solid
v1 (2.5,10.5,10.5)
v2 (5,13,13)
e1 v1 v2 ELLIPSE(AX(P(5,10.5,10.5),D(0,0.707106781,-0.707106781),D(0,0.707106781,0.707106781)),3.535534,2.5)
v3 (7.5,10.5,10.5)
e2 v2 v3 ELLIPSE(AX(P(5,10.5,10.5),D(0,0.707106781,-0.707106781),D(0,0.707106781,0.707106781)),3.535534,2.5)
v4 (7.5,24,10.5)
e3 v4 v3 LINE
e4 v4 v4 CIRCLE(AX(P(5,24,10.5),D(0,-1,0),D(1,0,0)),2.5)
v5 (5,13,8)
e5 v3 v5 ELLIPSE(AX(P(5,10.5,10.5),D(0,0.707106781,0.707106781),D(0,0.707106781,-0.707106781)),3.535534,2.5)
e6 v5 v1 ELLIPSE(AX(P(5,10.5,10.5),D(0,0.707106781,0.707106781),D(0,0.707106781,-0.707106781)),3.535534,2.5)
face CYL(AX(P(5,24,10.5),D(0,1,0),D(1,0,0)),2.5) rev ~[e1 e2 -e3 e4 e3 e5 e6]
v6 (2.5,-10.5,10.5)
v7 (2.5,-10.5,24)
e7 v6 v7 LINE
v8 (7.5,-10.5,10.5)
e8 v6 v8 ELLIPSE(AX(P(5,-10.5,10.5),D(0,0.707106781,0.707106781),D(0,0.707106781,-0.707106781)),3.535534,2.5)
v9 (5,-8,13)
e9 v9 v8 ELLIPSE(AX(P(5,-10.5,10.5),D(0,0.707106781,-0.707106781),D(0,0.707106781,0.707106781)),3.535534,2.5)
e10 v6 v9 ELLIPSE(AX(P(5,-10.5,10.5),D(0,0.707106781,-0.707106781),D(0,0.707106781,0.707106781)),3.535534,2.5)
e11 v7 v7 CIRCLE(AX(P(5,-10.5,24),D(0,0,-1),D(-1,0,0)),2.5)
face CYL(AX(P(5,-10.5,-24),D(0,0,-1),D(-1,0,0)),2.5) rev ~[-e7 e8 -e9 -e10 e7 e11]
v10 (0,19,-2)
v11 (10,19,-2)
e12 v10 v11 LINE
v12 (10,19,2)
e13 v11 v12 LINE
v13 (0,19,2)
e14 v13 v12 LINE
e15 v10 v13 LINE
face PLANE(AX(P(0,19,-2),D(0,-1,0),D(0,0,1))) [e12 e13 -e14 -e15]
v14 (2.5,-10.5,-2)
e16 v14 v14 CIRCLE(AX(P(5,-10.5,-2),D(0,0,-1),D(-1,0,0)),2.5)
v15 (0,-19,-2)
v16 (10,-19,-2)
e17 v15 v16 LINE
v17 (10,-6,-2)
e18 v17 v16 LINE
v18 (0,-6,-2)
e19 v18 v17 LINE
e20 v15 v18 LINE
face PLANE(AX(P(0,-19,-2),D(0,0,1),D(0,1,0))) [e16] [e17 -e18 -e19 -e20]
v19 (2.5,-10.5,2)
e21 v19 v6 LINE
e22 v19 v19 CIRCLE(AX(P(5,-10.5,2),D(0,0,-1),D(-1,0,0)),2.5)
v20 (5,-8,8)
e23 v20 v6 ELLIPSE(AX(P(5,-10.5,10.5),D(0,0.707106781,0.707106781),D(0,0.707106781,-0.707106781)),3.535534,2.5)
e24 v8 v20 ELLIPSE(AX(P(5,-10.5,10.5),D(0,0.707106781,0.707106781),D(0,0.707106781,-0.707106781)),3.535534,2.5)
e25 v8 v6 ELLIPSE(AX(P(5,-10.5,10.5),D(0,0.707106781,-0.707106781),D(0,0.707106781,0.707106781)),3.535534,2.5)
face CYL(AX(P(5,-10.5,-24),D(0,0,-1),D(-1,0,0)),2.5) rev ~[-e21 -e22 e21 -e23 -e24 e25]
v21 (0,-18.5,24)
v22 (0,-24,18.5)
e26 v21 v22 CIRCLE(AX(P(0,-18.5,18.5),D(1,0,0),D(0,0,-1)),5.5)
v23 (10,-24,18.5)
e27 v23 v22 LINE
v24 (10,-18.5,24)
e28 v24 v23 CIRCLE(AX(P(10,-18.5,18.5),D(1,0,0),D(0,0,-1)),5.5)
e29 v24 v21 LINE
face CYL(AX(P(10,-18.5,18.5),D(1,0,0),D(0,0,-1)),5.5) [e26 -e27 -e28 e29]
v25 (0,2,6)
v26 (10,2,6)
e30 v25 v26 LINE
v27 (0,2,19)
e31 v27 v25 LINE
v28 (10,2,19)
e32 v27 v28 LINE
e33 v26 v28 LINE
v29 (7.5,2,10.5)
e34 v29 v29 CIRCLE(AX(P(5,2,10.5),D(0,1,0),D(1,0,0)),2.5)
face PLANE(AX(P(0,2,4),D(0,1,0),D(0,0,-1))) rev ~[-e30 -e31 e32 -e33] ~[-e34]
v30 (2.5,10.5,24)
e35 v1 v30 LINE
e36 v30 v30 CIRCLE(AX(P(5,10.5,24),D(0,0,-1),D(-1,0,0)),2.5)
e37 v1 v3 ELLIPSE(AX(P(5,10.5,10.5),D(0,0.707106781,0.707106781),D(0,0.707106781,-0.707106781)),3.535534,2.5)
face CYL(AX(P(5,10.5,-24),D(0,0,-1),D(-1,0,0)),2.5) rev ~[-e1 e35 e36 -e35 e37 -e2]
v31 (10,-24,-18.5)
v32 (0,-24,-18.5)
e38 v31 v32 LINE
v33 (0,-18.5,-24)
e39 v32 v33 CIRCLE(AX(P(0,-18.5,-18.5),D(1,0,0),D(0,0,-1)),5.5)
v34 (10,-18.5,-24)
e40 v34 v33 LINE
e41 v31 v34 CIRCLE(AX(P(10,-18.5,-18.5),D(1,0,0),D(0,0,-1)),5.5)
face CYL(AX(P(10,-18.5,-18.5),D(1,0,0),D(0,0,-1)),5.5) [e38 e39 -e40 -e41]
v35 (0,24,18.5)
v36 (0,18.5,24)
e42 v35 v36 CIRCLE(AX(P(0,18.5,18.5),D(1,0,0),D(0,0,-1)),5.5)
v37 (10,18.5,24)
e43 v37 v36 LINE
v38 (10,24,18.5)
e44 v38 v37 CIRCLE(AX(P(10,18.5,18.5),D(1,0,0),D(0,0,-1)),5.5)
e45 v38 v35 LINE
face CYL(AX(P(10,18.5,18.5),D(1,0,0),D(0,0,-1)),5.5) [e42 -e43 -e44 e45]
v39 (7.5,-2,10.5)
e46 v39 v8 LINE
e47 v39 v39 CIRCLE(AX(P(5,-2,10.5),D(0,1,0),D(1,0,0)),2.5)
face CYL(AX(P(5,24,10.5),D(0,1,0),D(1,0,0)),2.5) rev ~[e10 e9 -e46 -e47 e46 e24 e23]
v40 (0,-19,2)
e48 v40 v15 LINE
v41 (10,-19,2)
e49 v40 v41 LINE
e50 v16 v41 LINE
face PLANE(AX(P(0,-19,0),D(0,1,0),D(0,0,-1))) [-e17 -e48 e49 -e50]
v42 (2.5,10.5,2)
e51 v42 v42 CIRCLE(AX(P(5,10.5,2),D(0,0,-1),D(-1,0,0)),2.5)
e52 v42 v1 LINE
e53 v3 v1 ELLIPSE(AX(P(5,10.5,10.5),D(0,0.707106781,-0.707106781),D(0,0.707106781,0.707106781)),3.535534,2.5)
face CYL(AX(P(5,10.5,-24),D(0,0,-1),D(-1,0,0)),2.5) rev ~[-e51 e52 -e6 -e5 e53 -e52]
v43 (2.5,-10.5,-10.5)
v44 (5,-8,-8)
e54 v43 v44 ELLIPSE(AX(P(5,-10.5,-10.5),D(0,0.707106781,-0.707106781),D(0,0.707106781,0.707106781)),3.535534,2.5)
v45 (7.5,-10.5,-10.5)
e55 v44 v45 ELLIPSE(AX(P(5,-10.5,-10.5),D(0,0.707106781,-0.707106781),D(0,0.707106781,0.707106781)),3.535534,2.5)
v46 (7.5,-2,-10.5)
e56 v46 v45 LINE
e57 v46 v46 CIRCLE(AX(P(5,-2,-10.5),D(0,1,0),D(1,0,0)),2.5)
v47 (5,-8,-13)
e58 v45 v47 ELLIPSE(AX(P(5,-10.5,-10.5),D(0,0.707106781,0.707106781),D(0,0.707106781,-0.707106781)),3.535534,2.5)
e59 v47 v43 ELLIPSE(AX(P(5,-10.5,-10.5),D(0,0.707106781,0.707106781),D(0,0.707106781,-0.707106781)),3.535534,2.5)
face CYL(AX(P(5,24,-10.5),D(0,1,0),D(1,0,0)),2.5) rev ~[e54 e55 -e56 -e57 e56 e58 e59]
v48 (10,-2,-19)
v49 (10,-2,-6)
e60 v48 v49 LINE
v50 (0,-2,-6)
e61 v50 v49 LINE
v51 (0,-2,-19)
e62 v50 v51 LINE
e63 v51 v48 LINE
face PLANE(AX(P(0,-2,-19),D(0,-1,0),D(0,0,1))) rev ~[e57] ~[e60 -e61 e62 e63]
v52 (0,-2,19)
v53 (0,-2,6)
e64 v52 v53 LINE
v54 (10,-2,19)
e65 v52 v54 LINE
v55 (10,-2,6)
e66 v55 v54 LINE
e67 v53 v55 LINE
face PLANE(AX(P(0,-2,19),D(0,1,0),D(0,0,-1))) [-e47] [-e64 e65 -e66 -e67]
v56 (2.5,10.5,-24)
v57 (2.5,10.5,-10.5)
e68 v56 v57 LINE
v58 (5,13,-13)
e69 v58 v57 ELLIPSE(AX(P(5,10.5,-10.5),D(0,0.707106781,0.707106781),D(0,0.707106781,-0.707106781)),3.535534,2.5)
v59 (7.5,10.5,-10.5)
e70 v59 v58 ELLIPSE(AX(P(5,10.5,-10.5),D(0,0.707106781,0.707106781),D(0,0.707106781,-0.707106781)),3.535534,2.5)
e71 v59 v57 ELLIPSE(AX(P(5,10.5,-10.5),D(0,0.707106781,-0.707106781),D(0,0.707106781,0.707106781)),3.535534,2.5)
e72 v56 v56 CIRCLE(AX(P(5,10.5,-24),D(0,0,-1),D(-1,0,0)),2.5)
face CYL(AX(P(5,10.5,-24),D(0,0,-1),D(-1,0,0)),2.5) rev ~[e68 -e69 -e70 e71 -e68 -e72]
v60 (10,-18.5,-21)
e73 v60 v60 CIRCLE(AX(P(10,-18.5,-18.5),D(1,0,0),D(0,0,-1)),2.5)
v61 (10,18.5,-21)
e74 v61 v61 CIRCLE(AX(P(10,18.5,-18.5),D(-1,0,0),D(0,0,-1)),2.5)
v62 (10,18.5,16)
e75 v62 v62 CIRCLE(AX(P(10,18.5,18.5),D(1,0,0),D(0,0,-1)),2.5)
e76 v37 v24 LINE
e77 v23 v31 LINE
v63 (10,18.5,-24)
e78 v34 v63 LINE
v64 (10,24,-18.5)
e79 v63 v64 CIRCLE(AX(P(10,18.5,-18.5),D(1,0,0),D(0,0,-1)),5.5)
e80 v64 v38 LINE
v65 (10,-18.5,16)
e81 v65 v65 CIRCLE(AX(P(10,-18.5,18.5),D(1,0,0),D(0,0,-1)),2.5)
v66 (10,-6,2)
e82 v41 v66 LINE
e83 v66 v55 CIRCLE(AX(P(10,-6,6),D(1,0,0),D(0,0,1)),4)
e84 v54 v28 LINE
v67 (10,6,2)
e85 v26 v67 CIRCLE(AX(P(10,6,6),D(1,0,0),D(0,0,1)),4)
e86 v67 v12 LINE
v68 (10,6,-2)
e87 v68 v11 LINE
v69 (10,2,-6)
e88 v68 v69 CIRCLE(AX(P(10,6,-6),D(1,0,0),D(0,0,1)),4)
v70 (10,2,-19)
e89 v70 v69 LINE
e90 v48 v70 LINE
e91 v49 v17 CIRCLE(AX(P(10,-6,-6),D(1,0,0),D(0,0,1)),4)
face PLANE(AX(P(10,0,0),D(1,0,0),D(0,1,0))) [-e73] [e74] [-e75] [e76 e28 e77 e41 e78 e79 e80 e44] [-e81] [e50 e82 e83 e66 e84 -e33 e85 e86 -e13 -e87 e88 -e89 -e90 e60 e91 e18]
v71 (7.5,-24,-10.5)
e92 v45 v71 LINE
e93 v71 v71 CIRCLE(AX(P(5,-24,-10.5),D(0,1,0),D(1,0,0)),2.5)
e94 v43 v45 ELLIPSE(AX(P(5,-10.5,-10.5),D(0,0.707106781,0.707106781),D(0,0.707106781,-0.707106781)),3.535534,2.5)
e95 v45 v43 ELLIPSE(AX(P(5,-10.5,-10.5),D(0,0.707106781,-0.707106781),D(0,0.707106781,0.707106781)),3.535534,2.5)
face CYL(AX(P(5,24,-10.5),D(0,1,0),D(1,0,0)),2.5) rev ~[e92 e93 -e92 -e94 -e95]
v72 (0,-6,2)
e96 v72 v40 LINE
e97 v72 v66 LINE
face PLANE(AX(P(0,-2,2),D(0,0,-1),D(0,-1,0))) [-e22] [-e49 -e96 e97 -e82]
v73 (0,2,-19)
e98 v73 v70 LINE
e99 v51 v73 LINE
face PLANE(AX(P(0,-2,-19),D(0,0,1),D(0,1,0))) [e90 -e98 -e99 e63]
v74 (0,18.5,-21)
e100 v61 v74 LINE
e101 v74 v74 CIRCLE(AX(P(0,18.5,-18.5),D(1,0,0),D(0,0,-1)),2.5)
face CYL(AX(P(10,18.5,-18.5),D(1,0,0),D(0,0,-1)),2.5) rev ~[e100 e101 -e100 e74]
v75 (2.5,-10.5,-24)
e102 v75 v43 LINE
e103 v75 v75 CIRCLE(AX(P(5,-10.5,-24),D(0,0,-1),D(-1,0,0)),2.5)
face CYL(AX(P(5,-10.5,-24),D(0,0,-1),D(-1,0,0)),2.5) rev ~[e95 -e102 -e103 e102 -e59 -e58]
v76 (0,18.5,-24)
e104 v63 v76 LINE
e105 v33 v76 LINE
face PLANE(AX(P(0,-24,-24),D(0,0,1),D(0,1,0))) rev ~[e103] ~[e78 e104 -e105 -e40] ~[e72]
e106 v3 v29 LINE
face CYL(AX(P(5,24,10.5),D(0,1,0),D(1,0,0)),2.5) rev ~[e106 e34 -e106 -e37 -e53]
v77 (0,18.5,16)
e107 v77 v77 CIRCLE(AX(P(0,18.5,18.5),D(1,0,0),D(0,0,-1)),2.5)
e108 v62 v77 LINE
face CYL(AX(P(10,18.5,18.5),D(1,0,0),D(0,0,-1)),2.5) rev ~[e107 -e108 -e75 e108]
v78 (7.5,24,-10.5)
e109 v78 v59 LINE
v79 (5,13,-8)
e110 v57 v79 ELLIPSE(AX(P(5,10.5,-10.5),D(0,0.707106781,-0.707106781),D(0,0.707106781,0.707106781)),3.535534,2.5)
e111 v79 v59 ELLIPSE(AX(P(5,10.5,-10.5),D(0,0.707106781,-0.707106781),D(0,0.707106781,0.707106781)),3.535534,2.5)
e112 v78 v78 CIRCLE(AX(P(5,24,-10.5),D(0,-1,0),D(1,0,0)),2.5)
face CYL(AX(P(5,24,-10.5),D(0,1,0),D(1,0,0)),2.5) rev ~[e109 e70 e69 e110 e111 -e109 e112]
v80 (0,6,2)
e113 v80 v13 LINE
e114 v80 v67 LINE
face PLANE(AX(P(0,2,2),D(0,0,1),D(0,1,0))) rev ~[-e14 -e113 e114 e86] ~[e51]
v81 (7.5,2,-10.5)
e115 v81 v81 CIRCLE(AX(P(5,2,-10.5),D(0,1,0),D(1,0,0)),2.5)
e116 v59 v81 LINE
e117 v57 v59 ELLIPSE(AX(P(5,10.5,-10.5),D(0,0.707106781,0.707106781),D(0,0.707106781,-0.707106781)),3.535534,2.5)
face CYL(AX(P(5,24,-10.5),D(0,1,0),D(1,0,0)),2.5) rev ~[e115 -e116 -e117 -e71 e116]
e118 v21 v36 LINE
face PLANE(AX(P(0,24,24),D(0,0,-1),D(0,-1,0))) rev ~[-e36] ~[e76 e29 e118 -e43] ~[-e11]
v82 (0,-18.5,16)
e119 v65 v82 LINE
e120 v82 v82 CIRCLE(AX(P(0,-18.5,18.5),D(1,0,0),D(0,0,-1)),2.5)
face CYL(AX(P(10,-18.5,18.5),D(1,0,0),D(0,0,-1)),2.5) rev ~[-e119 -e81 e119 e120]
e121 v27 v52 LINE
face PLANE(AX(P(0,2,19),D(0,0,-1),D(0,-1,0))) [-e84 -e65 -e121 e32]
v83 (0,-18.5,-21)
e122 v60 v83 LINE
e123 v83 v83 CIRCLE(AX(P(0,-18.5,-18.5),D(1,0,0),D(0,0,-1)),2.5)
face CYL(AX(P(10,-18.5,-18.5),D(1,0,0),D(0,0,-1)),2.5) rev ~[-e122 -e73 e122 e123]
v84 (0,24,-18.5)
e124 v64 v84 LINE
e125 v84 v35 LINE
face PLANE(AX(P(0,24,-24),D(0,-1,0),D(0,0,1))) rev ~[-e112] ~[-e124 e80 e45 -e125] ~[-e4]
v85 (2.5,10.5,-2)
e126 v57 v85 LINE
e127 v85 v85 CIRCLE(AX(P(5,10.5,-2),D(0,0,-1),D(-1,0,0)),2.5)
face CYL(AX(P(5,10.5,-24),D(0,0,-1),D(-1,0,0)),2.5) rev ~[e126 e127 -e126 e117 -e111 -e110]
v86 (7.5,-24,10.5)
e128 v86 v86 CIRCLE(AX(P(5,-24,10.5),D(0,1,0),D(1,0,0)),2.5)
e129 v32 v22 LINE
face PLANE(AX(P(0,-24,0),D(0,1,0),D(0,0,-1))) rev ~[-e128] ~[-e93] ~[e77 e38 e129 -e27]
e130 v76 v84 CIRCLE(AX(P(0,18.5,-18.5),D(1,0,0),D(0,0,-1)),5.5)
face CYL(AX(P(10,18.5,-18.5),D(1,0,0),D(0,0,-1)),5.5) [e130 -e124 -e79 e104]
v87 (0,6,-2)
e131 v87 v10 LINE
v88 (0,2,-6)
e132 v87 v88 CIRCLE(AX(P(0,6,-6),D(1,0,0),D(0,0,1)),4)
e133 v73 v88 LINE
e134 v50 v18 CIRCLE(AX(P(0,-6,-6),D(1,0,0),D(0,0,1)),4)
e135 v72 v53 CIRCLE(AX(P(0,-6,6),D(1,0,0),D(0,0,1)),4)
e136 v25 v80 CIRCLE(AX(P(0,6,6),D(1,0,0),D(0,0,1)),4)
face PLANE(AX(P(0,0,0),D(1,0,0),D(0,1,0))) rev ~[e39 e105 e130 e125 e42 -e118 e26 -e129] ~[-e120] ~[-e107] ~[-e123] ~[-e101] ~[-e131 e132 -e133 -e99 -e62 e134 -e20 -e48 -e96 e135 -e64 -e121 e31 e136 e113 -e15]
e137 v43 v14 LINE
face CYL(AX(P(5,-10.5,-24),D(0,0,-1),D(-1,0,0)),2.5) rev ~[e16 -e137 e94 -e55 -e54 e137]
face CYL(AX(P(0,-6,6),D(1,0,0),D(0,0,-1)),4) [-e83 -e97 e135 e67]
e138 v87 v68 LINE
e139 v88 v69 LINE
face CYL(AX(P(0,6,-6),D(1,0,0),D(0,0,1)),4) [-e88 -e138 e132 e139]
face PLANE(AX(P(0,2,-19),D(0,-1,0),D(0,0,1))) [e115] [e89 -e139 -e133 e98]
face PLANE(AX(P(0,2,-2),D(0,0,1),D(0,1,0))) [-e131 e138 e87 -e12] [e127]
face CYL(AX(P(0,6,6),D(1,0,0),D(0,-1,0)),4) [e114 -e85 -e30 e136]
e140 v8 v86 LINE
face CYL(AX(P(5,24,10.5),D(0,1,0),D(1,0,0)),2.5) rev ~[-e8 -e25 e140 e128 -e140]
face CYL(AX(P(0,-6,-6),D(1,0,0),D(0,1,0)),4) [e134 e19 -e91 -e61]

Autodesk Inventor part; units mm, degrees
ref_plane "YZ Plane" through (0, 0, 0) normal (1, 0, 0) x (0, 1, 0)
ref_plane "XZ Plane" through (0, 0, 0) normal (0, 1, 0) x (-1, 0, 0)
ref_plane "XY Plane" through (0, 0, 0) normal (0, 0, 1) x (1, 0, 0)
sketch "Sketch1" plane through (0, 0, 0) normal (1, 0, 0) x (0, 1, 0)
  circle A0 centre (0, 0) radius 2.8284
  line L0 (0, 0) -> (-2.8284, 0)
  line L1 (-2.8284, 0) -> (-2.8284, -2.8284)
  line L2 (-2.8284, -2.8284) -> (0, -2.8284)
  line L3 (0, -2.8284) -> (0, 0)
  line L4 (0, 0) -> (-2.8284, -2.8284)
  line L5 (2, 2) -> (-2, 2)
  line L6 (-2, 2) -> (-2, -2)
  line L7 (-2, -2) -> (2, -2)
  line L8 (2, -2) -> (2, 2)
  line L9 (2, 2) -> (-2, -2) construction
  line L10 (-2, 2) -> (2, -2) construction
  line L11 (2, 2) -> (-2, 2)
  line L12 (-2, 2) -> (-2, 4)
  line L13 (-2, 4) -> (2, 4)
  line L14 (2, 4) -> (2, 2)
  line L15 (0, 4) -> (0, 19)
  line L16 (-2, 2) -> (-4, 2)
  line L17 (-4, 2) -> (-4, -2)
  line L18 (-4, -2) -> (-2, -2)
  line L19 (-4, 0) -> (-19, 0)
  line L20 (19, -19) -> (19, 19)
  line L21 (19, 19) -> (-19, 19)
  line L22 (-19, 19) -> (-19, -19)
  line L23 (-19, -19) -> (19, -19)
  line L24 (19, -19) -> (-19, 19) construction
  line L25 (19, 19) -> (-19, -19) construction
  line L26 (0, 19) -> (0, 24)
  line L27 (-19, 0) -> (-24, 0)
  line L28 (24, -24) -> (24, 24)
  line L29 (24, 24) -> (-24, 24)
  line L30 (-24, 24) -> (-24, -24)
  line L31 (-24, -24) -> (24, -24)
  line L32 (24, -24) -> (-24, 24) construction
  line L33 (24, 24) -> (-24, -24) construction
  line L34 (-2, 2) -> (-19, 2)
  line L35 (-19, -2) -> (-2, -2)
  line L36 (-2, -2) -> (-2, 2)
  line L37 (-2, -2) -> (-19, -2)
  line L38 (-19, -2) -> (-19, -19)
  line L39 (-19, -19) -> (-2, -19)
  line L40 (-2, -19) -> (-2, -2)
  line L41 (2, -2) -> (19, -2)
  line L42 (19, -2) -> (19, -19)
  line L43 (19, -19) -> (2, -19)
  line L44 (2, -19) -> (2, -2)
  line L45 (2, 2) -> (19, 2)
  line L46 (19, 2) -> (19, 19)
  line L47 (19, 19) -> (2, 19)
  line L48 (2, 19) -> (2, 2)
  line L49 (-2, 2) -> (-19, 2)
  line L50 (-19, 2) -> (-19, 19)
  line L51 (-19, 19) -> (-2, 19)
  line L52 (-2, 19) -> (-2, 2)
  point P0 (-2, 19)
  point P1 (2, 4)
  point P2 (2, -19)
  point P3 (-2, -19)
  dimension "d0" = 4
  dimension "d1" = 2
  dimension "d5" = 15
  dimension "d6" = 2
  dimension "d7" = 15
  dimension "d8" = 2
  dimension "d9" = 0
  dimension "d10" = 5
  dimension "d11" = 5
  dimension "d12" = 15
  dimension "d13" = 22.6716
  dimension "d14" = 20
  dimension "d15" = 29.7321
extrude "Extrusion1" add sketch "Sketch1" along normal blind 10 contours L14 L48 L21 L20 L45 | L41 L20 L23 L44 | L16 L34 L22 L21 L52 L12 | L20 L21 L26 L29 L28 L31 L30 L27 L22 L23 | L40 L2 L4 | L4 L1 L18 | L40 L23 L22 L35 L18 L1 L2 | L21 L22 L27 L30 L29 L26
sketch "Sketch2" plane through (0, 24, 24) normal (0, 1, 0) x (1, 0, 0)
  line L0 (10, 0) -> (0, 0) projected
  line L1 (0, 0) -> (0, 48) projected
  line L2 (0, 48) -> (10, 48) projected
  line L3 (10, 48) -> (10, 0) projected
  line L4 (0, 48) -> (10, 48) projected
  line L5 (0, 48) -> (0, 34.5)
  line L6 (0, 34.5) -> (5, 34.5)
  circle A0 centre (5, 34.5) radius 2.5
  line L7 (0, 0) -> (0, 13.5)
  line L8 (0, 22) -> (0, 5) projected
  line L9 (0, 13.5) -> (5, 13.5)
  circle A1 centre (5, 13.5) radius 2.5
  point P0 (0, 24)
  dimension "d18" = 13.5
  dimension "d19" = 5
  dimension "d20" = 5
  dimension "d21" = 13.5
  dimension "d22" = 5
  dimension "d23" = 5
extrude "Extrusion2" cut sketch "Sketch2" against normal through all contours A0 | A1
sketch "Sketch3" plane through (0, -24, -24) normal (0, 0, -1) x (-1, 0, 0)
  line L0 (0, 0) -> (-10, 0) projected
  line L1 (0, 0) -> (0, 13.5)
  line L2 (0, 22) -> (0, 5) projected
  line L3 (0, 48) -> (-10, 48) projected
  line L4 (0, 48) -> (0, 34.5)
  line L5 (0, 0) -> (0, 48) projected
  line L6 (0, 34.5) -> (-5, 34.5)
  line L7 (0, 13.5) -> (-5, 13.5)
  circle A0 centre (-5, 13.5) radius 2.5
  circle A1 centre (-5, 34.5) radius 2.5
  point P0 (0, 24)
  dimension "d26" = 13.5
  dimension "d27" = 13.5
  dimension "d28" = 5
  dimension "d29" = 5
  dimension "d30" = 5
  dimension "d31" = 5
extrude "Extrusion3" cut sketch "Sketch3" against normal through all
fillet "Fillet1" radius 4 4 edges at (5, -2, 2) (5, 2, 2) (5, 2, -2) (5, -2, -2)
sketch "Sketch4" plane through (10, 0, 0) normal (1, 0, 0) x (0, 0, -1)
  line L0 (24, 24) -> (-24, 24) projected
  line L1 (24, 24) -> (18.5, 24)
  line L2 (18.5, 24) -> (18.5, 18.5)
  line L3 (18.5, 18.5) -> (24, 18.5)
  line L4 (24, 18.5) -> (24, 24)
  circle A0 centre (18.5, 18.5) radius 2.5
  circle A1 centre (18.5, 18.5) radius 5.5
  circle A2 centre (-18.5, 18.5) radius 5.5
  circle A3 centre (-18.5, 18.5) radius 2.5
  line L5 (-18.5, 24) -> (-24, 24)
  line L6 (-24, 24) -> (-24, 18.5)
  circle A4 centre (-18.5, -18.5) radius 5.5
  circle A5 centre (-18.5, -18.5) radius 2.5
  line L7 (-24, -18.5) -> (-24, -24)
  line L8 (-24, -24) -> (-18.5, -24)
  circle A6 centre (18.5, -18.5) radius 5.5
  circle A7 centre (18.5, -18.5) radius 2.5
  line L9 (18.5, -24) -> (24, -24)
  line L10 (24, -24) -> (24, -18.5)
  point P0 (0, 0)
  point P1 (-18.5, 24)
  dimension "d35" = 5.5
  dimension "d36" = 5.5
  dimension "d37" = 5
  dimension "d40" = 360
extrude "Extrusion4" cut sketch "Sketch4" against normal through all contours L4 A1 L0 | A2 L6 L0 | A0 L3 L2 | L2 L3 A0 | A3 | A4 L8 L7 | A5 | L10 L9 A6 | A7
properties part number "guidance_block"
